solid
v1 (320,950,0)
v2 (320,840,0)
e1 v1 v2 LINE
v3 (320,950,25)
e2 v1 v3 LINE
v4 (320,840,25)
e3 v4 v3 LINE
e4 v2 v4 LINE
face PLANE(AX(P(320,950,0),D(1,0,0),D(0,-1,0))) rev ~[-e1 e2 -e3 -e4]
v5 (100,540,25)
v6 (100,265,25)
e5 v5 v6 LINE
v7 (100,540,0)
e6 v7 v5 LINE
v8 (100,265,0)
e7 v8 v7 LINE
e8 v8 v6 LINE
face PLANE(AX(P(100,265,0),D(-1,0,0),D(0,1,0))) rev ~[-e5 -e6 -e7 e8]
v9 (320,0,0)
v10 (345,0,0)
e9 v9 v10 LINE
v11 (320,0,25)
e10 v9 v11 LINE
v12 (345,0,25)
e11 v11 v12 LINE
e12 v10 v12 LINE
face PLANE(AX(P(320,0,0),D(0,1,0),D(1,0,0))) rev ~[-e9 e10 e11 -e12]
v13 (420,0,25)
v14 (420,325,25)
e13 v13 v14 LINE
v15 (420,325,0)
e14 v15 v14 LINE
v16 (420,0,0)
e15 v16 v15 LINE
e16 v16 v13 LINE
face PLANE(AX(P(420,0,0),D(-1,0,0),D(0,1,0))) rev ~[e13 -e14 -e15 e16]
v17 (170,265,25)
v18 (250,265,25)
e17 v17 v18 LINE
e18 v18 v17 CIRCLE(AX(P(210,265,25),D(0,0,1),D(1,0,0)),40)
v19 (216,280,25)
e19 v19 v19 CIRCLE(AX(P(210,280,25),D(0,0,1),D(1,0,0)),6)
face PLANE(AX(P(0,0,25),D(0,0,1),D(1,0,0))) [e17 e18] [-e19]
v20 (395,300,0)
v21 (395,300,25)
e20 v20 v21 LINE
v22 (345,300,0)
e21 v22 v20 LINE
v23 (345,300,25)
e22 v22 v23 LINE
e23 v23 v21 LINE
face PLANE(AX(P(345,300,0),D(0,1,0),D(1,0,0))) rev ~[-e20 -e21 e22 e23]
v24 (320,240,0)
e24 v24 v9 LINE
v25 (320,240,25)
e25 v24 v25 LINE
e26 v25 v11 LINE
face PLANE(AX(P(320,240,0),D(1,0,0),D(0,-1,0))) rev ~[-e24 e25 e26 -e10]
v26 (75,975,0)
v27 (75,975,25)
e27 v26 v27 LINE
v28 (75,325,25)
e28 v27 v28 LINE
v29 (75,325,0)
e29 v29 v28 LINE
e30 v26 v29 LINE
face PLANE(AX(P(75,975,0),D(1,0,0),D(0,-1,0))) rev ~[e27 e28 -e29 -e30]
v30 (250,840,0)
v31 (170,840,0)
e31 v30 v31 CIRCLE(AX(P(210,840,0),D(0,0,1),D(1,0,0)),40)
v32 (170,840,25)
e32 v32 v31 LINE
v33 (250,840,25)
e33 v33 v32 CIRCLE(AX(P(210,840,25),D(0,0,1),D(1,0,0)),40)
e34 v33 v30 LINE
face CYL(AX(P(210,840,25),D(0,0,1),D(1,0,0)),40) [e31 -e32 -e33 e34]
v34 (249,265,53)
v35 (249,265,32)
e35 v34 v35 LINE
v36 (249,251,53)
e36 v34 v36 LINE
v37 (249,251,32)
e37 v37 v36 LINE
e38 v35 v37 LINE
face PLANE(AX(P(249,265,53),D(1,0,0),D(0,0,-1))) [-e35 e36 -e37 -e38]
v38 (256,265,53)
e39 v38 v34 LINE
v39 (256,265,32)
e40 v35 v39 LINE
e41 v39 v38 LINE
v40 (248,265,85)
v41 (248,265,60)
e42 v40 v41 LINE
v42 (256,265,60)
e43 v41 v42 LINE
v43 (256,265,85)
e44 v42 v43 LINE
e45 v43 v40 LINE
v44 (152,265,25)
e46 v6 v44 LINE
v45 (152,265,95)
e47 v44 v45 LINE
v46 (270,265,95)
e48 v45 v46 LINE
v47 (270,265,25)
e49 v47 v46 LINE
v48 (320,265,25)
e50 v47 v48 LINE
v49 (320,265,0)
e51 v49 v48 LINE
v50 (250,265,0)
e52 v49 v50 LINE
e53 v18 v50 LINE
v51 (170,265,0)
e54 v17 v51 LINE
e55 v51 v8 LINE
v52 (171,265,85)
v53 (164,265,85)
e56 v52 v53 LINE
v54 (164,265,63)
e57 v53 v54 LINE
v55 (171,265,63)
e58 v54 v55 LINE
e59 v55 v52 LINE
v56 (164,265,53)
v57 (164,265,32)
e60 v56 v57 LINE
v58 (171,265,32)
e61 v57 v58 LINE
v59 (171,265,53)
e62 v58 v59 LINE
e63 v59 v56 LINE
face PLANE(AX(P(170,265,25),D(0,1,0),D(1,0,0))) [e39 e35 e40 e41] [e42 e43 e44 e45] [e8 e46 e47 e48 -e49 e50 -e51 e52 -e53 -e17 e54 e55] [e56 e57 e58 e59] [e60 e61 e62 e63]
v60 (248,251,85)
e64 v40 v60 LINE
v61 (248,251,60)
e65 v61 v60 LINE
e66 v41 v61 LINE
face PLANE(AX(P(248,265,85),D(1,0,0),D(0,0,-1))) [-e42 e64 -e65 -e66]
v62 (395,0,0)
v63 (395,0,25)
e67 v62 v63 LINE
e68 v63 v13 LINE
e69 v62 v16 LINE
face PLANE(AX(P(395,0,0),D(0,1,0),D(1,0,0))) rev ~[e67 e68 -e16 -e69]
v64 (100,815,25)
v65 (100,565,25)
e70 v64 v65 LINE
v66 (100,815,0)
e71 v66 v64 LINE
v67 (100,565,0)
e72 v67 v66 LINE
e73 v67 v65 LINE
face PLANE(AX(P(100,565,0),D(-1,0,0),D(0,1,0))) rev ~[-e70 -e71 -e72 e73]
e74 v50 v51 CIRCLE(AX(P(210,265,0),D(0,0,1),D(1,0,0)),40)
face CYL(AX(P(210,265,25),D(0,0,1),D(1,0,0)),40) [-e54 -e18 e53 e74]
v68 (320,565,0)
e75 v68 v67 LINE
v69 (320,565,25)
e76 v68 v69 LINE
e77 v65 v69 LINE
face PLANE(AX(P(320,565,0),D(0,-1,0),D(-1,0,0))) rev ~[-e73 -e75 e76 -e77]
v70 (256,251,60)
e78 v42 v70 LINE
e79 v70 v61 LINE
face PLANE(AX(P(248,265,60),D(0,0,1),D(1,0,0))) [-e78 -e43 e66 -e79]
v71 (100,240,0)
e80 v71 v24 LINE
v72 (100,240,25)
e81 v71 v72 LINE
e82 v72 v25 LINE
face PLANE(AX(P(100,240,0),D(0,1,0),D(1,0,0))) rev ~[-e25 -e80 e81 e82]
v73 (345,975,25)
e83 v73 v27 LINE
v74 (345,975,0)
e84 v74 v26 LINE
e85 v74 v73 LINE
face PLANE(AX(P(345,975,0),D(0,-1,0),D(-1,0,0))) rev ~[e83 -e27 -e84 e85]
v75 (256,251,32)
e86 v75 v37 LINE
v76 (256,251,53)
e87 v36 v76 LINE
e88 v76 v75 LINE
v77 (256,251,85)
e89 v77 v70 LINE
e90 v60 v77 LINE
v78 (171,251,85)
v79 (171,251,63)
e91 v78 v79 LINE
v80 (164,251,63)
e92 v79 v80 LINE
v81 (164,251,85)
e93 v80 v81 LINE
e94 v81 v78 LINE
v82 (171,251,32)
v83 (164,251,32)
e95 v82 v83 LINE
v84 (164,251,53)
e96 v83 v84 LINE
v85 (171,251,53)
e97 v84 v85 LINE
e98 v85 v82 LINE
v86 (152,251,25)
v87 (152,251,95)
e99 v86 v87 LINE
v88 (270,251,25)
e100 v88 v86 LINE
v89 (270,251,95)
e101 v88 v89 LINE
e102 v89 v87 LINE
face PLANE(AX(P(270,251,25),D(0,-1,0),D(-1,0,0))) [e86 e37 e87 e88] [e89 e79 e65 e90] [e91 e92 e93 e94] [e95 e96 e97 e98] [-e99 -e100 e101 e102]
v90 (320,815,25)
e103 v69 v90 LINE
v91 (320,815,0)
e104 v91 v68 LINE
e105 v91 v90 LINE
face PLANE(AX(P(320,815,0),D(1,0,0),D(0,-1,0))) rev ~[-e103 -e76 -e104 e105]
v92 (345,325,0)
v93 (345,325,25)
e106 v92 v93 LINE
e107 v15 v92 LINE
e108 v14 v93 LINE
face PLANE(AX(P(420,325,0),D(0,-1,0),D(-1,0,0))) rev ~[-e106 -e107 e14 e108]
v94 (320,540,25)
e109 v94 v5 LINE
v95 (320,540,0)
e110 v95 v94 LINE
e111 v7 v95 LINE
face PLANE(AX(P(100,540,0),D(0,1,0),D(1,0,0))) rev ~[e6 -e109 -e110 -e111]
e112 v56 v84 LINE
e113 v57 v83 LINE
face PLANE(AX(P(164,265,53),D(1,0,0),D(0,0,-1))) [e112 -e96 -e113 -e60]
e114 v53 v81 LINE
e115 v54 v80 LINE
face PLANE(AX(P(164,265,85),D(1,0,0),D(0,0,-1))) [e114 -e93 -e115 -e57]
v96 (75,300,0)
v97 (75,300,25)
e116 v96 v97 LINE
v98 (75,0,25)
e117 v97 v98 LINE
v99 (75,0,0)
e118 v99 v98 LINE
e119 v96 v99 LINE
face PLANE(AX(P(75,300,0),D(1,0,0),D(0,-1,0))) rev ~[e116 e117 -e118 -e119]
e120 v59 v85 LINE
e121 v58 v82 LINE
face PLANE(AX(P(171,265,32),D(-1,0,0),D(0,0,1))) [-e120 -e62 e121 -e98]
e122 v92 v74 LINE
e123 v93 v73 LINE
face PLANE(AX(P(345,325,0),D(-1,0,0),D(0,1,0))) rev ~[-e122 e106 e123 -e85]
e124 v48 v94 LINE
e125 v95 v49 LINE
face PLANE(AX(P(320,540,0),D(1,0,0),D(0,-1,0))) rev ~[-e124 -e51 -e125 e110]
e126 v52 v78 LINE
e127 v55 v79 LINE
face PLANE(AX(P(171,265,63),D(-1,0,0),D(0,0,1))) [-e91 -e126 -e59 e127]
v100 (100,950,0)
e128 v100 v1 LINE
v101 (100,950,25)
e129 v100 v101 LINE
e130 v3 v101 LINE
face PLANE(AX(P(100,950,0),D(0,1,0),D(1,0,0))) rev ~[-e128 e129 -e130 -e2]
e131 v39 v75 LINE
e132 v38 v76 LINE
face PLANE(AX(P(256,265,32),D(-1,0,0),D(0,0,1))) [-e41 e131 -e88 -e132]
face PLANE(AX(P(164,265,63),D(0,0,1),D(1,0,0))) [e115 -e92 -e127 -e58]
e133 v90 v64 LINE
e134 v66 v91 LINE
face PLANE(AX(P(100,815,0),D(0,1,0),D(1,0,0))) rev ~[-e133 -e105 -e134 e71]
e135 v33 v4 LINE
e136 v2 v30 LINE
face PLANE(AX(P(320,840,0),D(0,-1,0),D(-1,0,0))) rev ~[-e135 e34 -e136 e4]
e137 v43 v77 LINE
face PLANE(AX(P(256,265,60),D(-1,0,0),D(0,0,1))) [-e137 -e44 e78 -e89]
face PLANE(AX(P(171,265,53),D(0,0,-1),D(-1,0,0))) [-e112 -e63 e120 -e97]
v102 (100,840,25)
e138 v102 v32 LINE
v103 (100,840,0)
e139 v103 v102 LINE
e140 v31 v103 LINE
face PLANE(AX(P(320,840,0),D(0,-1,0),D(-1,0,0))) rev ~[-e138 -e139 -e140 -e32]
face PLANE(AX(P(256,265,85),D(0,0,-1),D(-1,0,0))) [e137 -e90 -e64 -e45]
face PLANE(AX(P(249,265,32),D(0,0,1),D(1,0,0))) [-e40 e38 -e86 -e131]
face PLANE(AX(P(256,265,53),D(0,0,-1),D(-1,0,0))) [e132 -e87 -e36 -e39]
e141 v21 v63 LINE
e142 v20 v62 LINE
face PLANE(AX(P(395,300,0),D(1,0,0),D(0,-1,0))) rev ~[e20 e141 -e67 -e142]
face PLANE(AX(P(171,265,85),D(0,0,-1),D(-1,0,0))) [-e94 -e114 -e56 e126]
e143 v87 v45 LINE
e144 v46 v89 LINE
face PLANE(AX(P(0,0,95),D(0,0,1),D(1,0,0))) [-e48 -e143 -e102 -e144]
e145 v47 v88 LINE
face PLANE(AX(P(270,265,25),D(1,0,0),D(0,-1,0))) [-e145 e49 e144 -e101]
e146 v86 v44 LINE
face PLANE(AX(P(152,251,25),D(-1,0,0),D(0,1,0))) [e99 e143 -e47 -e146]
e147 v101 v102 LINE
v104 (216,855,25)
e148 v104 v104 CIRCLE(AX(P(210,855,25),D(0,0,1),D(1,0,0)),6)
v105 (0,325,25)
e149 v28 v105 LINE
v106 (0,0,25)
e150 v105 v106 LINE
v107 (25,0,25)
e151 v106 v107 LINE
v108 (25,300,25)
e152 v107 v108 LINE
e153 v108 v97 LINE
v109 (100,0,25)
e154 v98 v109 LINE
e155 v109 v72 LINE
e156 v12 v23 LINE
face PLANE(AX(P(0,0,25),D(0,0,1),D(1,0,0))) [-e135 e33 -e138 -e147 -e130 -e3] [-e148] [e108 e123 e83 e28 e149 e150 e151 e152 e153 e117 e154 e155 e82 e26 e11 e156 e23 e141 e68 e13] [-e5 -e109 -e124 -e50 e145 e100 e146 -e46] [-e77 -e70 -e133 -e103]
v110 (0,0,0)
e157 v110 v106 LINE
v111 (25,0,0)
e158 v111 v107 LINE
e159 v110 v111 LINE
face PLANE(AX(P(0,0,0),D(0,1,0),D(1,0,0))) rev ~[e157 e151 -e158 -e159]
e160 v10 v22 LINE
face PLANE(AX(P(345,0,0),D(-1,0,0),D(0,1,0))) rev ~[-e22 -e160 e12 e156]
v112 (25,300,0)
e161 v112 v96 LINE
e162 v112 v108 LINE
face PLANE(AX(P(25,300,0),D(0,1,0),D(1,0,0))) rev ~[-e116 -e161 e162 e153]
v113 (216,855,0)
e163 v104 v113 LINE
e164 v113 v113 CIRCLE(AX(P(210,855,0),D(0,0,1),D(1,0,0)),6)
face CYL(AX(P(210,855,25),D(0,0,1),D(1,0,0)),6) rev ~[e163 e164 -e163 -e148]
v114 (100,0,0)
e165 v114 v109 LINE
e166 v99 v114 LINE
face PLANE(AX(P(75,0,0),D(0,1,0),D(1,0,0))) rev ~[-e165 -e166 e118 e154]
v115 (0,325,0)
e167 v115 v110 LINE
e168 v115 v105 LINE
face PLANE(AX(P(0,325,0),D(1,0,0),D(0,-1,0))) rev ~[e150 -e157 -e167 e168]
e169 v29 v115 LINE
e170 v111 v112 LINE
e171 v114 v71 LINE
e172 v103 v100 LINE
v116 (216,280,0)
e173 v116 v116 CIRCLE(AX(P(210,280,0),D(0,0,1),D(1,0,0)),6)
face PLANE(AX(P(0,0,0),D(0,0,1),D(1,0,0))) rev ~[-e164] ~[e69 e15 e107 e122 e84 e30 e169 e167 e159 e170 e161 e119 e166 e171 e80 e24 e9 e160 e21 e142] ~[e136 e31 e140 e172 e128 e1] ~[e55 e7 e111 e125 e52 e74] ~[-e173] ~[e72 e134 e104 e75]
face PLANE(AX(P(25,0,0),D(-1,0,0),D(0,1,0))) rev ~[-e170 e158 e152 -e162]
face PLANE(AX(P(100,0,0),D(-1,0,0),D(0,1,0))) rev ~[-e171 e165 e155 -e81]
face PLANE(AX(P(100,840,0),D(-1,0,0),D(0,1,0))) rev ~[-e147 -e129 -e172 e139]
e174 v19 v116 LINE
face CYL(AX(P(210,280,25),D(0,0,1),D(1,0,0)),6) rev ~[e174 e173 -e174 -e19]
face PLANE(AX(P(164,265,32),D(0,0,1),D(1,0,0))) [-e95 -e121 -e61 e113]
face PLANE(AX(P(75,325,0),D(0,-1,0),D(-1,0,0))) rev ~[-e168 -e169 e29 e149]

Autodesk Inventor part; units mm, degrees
ref_plane "YZ Plane" through (0, 0, 0) normal (1, 0, 0) x (0, 1, 0)
ref_plane "XZ Plane" through (0, 0, 0) normal (0, 1, 0) x (-1, 0, 0)
ref_plane "XY Plane" through (0, 0, 0) normal (0, 0, 1) x (1, 0, 0)
sketch "Sketch1" plane through (0, 0, 0) normal (0, 0, 1) x (1, 0, 0)
  point P0 (0, 0)
sketch "Sketch2" plane through (0, 0, 0) normal (0, 0, 1) x (1, 0, 0)
  line L0 (0, 0) -> (25, 0)
  line L1 (25, 0) -> (25, 300)
  line L2 (25, 300) -> (75, 300)
  line L3 (75, 300) -> (75, 0)
  line L4 (75, 0) -> (100, 0)
  line L5 (100, 0) -> (100, 240)
  line L6 (100, 240) -> (320, 240)
  line L7 (320, 240) -> (320, 0)
  line L8 (320, 0) -> (345, 0)
  line L9 (345, 0) -> (345, 300)
  line L10 (345, 300) -> (395, 300)
  line L11 (395, 300) -> (395, 0)
  line L12 (395, 0) -> (420, 0)
  line L13 (420, 0) -> (420, 325)
  line L14 (420, 325) -> (345, 325)
  line L15 (345, 325) -> (345, 975)
  line L16 (345, 975) -> (75, 975)
  line L17 (75, 975) -> (75, 325)
  line L18 (75, 325) -> (0, 325)
  line L19 (0, 325) -> (0, 0)
  dimension "d0" = 25
  dimension "d1" = 300
  dimension "d2" = 50
  dimension "d3" = 300
  dimension "d4" = 25
  dimension "d5" = 240
  dimension "d6" = 220
  dimension "d7" = 240
  dimension "d8" = 25
  dimension "d9" = 300
  dimension "d10" = 50
  dimension "d11" = 300
  dimension "d12" = 25
  dimension "d13" = 325
  dimension "d14" = 75
  dimension "d15" = 650
  dimension "d16" = 270
  dimension "d17" = 650
  dimension "d18" = 75
sketch "Sketch3" plane through (0, 0, 0) normal (0, 0, 1) x (1, 0, 0)
  line L0 (100, 950) -> (320, 950)
  line L1 (320, 950) -> (320, 840)
  line L2 (320, 840) -> (100, 840)
  line L3 (100, 840) -> (100, 950)
  line L4 (100, 815) -> (320, 815)
  line L5 (320, 815) -> (320, 565)
  line L6 (320, 565) -> (100, 565)
  line L7 (100, 565) -> (100, 815)
  line L8 (100, 540) -> (320, 540)
  line L9 (320, 540) -> (320, 265)
  line L10 (320, 265) -> (100, 265)
  line L11 (100, 265) -> (100, 540)
  point P0 (0, 0)
  dimension "d19" = 220
  dimension "d20" = 110
  dimension "d21" = 220
  dimension "d22" = 250
  dimension "d23" = 220
  dimension "d24" = 275
extrude "Extrusion1" add sketch "Sketch2" along normal blind 25
extrude "Extrusion2" cut sketch "Sketch3" along normal through all
sketch "Sketch4" plane through (0, 0, 25) normal (0, 0, 1) x (1, 0, 0)
  line L0 (100, 840) -> (320, 840) projected
  arc A0 (250, 840) -> (170, 840) centre (210, 840) ccw
  point P0 (0, 0)
extrude "Extrusion3" add sketch "Sketch4" against normal blind 25
sketch "Sketch5" plane through (0, 0, 25) normal (0, 0, 1) x (1, 0, 0)
  point P0 (0, 0)
sketch "Sketch6" plane through (0, 0, 25) normal (0, 0, 1) x (1, 0, 0)
  line L0 (320, 265) -> (100, 265) projected
  arc A0 (250, 265) -> (170, 265) centre (210, 265) ccw
  point P0 (0, 0)
  dimension "d31" = 40
extrude "Extrusion4" add sketch "Sketch6" against normal blind 25
sketch "Sketch7" plane through (0, 0, 25) normal (0, 0, 1) x (1, 0, 0)
  line L0 (170, 265) -> (100, 265) projected
  line L1 (152, 265) -> (270, 265)
  line L2 (270, 265) -> (270, 251)
  line L3 (270, 251) -> (152, 251)
  line L4 (152, 251) -> (152, 265)
  point P0 (0, 0)
extrude "Extrusion5" add sketch "Sketch7" along normal blind 70
sketch "Sketch8" plane through (100, 265, 25) normal (0, 1, 0) x (1, 0, 0)
  point P0 (-100, 25)
sketch "Sketch9" plane through (100, 265, 25) normal (0, 1, 0) x (1, 0, 0)
  line L0 (64, -7) -> (71, -7)
  line L1 (71, -7) -> (71, -28)
  line L2 (71, -28) -> (64, -28)
  line L3 (64, -28) -> (64, -7)
  line L4 (64, -38) -> (71, -38)
  line L5 (71, -38) -> (71, -60)
  line L6 (71, -60) -> (64, -60)
  line L7 (64, -60) -> (64, -38)
  line L8 (149, -7) -> (156, -7)
  line L9 (156, -7) -> (156, -28)
  line L10 (156, -28) -> (149, -28)
  line L11 (149, -28) -> (149, -7)
  line L12 (148, -35) -> (156, -35)
  line L13 (156, -35) -> (156, -60)
  line L14 (156, -60) -> (148, -60)
  line L15 (148, -60) -> (148, -35)
  point P0 (-100, 25)
extrude "Extrusion6" cut sketch "Sketch9" against normal through all
sketch "Sketch10" plane through (0, 0, 25) normal (0, 0, 1) x (1, 0, 0)
  circle A0 centre (210, 280) radius 6
  point P0 (0, 0)
  dimension "d38" = 12
sketch "Sketch11" plane through (0, 0, 25) normal (0, 0, 1) x (1, 0, 0)
  circle A0 centre (210, 855) radius 6
  point P0 (0, 0)
  dimension "d39" = 12
extrude "Extrusion7" cut sketch "Sketch11" against normal through all
extrude "Extrusion8" cut sketch "Sketch10" against normal through all
properties part number "Frame_final"
